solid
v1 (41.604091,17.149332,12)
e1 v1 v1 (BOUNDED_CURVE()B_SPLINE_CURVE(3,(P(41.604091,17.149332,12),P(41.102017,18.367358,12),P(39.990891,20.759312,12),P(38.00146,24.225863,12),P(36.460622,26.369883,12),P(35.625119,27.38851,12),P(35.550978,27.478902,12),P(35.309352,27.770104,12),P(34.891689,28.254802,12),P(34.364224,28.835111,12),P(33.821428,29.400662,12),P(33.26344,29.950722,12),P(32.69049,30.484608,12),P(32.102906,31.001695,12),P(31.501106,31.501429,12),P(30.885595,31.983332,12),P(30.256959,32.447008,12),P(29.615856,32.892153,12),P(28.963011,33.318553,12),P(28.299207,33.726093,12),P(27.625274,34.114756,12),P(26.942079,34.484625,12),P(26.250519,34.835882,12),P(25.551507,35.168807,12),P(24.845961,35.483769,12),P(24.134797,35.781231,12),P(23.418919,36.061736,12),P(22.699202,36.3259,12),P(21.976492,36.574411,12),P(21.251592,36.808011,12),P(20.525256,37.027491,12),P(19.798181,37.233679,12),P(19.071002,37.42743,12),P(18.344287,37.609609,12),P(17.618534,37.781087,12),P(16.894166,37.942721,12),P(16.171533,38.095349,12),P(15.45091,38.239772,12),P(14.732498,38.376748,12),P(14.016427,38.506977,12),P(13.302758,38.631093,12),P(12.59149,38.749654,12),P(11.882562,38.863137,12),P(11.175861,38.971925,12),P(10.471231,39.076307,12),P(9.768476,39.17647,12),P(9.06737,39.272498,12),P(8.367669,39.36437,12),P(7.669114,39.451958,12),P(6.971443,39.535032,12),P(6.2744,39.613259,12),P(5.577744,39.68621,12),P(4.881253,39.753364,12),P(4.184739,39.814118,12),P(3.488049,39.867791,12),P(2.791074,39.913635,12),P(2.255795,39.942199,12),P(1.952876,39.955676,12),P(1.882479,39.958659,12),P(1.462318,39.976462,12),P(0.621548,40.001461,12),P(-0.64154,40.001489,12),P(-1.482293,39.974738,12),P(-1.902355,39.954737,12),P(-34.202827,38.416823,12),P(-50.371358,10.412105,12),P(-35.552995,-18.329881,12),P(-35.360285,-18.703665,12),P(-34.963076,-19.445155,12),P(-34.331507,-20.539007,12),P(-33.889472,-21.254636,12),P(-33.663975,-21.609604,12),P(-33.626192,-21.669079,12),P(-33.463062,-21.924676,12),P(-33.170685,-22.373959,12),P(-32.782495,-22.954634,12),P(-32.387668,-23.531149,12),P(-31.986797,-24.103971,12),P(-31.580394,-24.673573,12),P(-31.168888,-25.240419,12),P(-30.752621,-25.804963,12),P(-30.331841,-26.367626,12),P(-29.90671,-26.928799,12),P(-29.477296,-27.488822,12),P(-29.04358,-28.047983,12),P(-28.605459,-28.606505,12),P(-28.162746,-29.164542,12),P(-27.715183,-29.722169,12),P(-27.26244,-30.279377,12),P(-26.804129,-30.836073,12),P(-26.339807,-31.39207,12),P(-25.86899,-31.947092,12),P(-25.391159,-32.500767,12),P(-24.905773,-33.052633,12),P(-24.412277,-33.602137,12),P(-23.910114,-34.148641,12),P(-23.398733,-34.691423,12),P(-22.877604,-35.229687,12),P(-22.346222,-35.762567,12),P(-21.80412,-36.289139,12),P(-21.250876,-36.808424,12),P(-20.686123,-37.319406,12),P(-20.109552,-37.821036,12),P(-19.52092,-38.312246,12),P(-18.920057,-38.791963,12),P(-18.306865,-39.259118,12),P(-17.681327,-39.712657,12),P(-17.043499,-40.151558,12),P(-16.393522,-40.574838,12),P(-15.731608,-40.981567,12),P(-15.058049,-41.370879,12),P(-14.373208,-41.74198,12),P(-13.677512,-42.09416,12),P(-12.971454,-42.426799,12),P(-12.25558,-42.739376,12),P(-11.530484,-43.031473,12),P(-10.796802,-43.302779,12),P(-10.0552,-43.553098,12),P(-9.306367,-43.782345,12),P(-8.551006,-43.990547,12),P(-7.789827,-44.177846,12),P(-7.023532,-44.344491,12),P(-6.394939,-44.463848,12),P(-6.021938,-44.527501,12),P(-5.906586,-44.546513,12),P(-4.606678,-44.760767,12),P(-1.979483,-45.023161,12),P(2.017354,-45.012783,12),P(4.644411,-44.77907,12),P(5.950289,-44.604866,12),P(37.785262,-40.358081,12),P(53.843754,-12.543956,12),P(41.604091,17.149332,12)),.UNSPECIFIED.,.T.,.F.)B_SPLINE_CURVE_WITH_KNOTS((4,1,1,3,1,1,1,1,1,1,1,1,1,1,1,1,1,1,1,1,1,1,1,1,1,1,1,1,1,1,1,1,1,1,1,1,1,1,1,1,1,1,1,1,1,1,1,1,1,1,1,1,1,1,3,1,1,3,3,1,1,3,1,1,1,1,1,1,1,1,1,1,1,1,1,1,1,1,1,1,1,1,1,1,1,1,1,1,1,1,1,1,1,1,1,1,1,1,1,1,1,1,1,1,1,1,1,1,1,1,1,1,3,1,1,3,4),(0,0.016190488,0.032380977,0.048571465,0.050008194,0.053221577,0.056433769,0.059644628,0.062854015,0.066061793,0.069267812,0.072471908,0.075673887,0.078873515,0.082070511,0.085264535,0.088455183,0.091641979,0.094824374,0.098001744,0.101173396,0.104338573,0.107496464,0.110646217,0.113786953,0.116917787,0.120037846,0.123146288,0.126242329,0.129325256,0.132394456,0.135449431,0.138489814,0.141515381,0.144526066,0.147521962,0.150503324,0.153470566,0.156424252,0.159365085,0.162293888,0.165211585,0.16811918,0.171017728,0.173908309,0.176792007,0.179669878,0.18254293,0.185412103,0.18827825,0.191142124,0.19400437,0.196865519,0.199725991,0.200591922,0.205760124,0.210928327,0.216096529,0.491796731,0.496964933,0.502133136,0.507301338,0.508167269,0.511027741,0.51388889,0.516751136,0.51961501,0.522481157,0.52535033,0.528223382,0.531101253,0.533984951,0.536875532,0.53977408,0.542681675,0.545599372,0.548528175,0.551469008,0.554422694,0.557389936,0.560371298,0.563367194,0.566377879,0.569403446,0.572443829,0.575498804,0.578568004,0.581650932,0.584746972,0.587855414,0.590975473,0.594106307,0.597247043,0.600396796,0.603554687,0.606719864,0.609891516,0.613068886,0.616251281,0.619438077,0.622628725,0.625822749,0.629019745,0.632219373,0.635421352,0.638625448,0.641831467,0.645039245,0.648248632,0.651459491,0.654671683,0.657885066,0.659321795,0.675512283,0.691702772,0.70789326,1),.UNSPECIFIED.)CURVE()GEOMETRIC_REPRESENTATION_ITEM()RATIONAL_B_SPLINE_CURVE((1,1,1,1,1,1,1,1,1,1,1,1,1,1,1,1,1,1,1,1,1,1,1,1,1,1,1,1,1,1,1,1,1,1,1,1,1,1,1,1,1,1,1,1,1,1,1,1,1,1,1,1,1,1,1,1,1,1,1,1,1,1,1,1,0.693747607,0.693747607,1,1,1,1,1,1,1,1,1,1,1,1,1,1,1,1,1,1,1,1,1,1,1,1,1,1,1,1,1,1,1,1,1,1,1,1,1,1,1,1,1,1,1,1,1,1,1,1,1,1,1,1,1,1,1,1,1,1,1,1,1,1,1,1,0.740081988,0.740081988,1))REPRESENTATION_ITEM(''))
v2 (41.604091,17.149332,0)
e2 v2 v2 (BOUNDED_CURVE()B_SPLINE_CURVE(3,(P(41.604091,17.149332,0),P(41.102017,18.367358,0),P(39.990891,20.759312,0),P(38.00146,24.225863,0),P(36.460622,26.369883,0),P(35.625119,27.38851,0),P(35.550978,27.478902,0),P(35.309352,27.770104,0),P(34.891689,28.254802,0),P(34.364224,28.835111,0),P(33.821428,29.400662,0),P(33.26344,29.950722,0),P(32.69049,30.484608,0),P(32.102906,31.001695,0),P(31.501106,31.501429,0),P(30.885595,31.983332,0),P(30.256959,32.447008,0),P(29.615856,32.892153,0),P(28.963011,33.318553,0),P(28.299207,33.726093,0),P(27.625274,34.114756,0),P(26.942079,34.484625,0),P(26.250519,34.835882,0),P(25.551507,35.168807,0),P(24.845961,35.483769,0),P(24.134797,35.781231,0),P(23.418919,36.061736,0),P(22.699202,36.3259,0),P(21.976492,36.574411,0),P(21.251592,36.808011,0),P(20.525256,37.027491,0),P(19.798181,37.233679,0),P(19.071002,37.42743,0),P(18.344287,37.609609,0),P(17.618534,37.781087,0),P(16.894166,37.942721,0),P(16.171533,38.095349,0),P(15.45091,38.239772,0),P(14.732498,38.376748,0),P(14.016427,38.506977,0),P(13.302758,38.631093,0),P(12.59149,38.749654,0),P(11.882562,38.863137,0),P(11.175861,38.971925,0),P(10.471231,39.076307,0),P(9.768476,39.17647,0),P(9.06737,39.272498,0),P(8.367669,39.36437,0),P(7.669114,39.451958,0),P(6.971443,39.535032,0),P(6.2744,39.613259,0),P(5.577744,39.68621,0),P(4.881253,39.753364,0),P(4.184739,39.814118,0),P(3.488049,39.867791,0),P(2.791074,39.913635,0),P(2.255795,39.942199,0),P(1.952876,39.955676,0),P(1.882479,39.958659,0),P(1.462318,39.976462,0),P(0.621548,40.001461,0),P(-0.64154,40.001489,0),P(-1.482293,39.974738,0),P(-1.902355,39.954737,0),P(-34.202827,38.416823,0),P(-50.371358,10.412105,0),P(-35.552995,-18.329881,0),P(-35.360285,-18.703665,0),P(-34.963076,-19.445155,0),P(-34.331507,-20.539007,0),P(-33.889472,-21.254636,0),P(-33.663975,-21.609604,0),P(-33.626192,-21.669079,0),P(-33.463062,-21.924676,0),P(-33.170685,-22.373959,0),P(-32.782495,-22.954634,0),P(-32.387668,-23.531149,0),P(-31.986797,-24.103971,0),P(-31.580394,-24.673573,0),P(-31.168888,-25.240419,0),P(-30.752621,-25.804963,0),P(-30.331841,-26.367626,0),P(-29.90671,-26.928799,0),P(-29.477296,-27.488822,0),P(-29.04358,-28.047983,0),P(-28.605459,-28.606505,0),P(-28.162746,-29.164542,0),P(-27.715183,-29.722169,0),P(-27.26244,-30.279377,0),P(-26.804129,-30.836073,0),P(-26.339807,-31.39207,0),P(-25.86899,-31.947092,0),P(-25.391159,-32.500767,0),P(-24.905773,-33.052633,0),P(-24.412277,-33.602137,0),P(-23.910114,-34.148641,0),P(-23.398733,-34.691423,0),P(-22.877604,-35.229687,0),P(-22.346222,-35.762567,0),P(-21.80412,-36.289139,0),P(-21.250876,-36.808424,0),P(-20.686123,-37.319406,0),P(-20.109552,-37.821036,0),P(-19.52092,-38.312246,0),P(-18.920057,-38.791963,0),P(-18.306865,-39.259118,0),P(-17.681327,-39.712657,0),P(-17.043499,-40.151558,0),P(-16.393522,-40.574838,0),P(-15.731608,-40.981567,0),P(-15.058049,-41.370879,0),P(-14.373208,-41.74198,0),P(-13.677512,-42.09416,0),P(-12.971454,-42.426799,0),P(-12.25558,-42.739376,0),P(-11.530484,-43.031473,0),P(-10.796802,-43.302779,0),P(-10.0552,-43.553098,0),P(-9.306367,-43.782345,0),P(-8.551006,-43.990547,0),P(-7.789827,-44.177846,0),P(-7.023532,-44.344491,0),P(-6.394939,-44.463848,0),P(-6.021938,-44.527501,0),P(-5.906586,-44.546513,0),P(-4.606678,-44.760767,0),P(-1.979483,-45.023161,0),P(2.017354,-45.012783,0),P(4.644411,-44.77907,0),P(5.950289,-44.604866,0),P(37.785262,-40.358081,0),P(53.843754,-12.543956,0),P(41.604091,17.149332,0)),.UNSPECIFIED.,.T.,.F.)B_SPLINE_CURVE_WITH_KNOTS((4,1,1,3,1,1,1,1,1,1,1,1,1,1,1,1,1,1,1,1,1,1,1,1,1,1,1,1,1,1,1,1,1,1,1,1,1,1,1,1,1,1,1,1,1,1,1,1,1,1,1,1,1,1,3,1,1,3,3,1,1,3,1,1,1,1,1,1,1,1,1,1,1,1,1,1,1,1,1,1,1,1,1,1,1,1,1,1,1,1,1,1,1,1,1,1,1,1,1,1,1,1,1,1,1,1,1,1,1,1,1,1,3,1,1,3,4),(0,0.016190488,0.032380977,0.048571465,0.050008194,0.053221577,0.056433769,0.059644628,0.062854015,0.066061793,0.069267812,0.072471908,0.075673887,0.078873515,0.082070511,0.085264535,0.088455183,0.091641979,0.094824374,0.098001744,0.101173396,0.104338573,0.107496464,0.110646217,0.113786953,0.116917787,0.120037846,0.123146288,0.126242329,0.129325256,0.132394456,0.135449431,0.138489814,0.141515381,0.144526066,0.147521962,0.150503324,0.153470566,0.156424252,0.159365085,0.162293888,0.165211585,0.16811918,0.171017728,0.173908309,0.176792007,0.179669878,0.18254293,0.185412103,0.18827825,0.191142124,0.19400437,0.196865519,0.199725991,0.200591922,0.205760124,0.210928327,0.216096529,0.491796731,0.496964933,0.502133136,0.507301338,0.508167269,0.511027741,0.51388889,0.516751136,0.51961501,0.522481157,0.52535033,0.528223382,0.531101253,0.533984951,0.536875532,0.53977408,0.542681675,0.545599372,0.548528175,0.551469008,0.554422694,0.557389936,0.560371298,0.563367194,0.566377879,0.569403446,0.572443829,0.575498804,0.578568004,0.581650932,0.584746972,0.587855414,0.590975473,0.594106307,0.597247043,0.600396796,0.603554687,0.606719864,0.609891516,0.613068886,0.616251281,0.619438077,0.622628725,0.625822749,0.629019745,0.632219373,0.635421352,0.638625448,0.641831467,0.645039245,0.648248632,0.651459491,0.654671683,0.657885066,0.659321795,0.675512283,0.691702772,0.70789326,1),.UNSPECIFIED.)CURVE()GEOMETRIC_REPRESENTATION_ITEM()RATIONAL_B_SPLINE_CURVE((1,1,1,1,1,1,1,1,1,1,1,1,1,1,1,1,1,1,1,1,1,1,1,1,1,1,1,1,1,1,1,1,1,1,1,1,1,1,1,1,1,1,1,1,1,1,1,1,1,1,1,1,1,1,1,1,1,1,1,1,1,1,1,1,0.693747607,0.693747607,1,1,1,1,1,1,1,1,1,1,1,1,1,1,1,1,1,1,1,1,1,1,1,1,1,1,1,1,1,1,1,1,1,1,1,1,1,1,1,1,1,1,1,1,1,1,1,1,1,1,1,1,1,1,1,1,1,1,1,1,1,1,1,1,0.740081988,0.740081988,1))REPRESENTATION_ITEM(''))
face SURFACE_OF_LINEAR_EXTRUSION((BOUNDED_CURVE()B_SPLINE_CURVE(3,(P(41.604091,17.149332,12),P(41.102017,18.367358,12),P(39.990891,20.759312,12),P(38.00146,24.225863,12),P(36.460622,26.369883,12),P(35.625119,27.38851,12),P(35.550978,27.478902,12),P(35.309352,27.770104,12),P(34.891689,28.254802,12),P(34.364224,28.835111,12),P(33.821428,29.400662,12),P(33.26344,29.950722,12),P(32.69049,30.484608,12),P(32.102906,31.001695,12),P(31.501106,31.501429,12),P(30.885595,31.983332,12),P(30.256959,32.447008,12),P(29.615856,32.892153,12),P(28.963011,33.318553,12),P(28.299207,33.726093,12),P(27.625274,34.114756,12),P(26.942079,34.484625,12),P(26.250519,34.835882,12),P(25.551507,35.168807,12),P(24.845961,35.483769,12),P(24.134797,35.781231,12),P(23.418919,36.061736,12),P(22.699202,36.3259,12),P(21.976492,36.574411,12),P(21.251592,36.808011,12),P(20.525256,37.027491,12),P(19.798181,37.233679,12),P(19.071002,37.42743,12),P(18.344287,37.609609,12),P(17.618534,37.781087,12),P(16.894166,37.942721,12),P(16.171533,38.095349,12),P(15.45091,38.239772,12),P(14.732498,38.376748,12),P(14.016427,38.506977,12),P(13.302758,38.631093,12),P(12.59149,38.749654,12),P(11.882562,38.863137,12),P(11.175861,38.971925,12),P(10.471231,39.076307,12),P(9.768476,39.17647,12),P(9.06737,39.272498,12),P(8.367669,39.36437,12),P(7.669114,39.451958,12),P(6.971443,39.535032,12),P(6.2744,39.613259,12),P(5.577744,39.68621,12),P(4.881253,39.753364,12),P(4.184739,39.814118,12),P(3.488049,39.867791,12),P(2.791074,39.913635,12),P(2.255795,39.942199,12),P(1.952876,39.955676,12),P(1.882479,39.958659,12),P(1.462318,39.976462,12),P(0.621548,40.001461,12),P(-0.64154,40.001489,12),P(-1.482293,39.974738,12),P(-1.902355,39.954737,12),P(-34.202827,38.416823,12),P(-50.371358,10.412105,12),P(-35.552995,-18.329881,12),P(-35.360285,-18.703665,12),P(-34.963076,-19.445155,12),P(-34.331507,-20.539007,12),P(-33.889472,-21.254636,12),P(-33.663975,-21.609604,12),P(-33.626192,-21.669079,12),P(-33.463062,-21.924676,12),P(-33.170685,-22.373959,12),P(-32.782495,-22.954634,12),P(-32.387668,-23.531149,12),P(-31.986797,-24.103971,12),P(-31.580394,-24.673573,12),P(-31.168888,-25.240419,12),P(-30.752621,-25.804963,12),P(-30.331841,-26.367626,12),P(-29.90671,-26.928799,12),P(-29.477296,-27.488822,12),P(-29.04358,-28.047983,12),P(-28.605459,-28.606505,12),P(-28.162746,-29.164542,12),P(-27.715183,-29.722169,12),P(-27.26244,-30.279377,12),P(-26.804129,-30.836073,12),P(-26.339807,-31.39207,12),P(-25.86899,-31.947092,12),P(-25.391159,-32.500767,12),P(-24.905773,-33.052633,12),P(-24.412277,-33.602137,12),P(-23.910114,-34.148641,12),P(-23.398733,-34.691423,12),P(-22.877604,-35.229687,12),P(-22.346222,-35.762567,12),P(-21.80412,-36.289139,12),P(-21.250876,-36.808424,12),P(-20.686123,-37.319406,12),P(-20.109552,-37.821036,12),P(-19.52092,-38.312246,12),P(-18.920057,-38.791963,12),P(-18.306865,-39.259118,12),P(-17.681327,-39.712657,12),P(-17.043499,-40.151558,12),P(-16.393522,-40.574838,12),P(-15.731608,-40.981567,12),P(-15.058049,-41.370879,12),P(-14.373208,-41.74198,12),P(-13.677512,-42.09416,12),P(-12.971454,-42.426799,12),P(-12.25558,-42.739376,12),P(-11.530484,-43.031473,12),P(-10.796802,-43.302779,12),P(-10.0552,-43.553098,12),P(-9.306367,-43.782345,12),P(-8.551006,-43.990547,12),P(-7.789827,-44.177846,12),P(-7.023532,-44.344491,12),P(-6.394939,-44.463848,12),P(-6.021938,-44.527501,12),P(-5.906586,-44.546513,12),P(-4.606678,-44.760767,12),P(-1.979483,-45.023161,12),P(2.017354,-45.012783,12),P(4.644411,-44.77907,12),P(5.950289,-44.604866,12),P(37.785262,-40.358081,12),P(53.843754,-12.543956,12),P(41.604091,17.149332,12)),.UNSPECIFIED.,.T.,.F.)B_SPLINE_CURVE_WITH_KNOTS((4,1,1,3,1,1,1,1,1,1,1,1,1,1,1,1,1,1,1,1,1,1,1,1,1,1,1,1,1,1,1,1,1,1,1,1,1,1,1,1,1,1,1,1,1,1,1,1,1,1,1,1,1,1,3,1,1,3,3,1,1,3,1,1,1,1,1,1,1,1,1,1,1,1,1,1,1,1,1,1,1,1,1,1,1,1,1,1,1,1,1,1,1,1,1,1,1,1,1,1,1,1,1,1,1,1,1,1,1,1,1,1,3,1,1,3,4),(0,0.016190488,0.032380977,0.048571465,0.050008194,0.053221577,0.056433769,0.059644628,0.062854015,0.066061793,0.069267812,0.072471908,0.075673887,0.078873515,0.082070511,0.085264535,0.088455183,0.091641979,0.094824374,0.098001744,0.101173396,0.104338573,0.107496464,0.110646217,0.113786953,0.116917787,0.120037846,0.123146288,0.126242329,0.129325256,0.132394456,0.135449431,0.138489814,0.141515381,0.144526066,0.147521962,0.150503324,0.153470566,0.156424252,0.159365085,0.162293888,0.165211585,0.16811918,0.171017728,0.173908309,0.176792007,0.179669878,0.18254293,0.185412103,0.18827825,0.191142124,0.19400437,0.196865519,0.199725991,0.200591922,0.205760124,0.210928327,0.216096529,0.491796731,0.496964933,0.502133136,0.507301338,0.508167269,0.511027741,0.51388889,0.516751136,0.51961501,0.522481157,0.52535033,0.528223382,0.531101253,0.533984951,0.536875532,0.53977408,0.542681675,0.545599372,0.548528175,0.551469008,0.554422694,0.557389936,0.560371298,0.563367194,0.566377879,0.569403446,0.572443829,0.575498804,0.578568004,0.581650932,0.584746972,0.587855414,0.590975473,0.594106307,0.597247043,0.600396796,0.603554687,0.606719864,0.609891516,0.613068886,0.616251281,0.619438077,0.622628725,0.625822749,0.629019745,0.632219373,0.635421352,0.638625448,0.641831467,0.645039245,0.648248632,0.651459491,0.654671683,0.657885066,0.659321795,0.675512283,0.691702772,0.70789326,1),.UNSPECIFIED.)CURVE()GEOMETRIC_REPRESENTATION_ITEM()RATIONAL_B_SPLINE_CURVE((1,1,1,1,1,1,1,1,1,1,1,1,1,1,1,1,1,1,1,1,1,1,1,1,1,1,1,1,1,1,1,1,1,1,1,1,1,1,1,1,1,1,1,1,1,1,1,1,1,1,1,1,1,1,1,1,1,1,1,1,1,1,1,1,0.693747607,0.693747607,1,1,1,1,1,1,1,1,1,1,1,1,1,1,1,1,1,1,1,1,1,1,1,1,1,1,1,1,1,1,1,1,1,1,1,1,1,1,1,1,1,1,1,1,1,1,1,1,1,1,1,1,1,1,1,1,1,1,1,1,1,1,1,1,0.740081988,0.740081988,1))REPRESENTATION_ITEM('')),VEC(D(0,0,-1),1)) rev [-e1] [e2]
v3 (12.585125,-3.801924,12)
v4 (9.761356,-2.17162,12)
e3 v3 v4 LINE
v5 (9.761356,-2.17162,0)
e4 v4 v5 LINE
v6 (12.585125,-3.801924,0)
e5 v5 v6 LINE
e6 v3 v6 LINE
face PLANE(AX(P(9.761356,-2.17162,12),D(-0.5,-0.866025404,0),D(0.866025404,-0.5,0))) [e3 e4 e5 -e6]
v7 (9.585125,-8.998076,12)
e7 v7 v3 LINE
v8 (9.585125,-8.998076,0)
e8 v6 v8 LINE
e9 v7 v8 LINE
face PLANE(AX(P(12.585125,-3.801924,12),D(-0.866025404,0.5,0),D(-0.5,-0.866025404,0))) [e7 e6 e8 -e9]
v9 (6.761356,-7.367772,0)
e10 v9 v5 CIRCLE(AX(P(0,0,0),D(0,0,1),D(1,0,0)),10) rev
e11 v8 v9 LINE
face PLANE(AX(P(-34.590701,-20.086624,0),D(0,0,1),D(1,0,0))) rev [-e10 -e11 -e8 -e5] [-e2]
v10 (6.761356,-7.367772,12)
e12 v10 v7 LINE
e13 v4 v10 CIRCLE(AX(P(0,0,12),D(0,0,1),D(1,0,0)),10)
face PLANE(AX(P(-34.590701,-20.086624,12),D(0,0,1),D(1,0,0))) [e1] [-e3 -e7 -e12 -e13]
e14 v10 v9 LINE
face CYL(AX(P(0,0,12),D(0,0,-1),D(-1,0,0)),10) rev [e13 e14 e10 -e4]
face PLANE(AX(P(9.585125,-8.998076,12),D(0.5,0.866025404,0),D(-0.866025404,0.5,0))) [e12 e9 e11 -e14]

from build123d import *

# Parameters (mm, degrees)
EXTRUDE_1_DEPTH          = 12
CUT_EXTRUDE_1_DEPTH      = 12
CUT_EXTRUDE_1_DEPTH_BACK = 12


with BuildPart() as part:
    # 草图1 → 凸台-拉伸1 (new body)
    with BuildSketch(Plane.XY):
        with BuildLine():
            add(Edge.make_bspline(
                [(41.604091405, 17.149331717), (53.843754098, -12.543956268), (37.785261841, -40.35808075), (5.950288778, -44.604865917), (4.644410509, -44.779070068), (2.017353663, -45.012783391), (-1.979482877, -45.023160927), (-4.606677676, -44.760766568), (-5.906585649, -44.546513449), (-6.021938277, -44.527500826), (-6.394939232, -44.463847801), (-7.02353199, -44.344490532), (-7.789826844, -44.177846129), (-8.551006285, -43.990547434), (-9.306366601, -43.782344994), (-10.055199679, -43.553098452), (-10.796802122, -43.302779375), (-11.530484409, -43.031472601), (-12.255579979, -42.73937609), (-12.971454051, -42.426799279), (-13.677512056, -42.09415998), (-14.37320753, -41.741979863), (-15.05804933, -41.370878602), (-15.731608057, -40.981566772), (-16.393521567, -40.574837604), (-17.043499489, -40.151557733), (-17.681326658, -39.712657057), (-18.306865404, -39.259117879), (-18.920056659, -38.791963465), (-19.520919847, -38.312246209), (-20.109551561, -37.821035543), (-20.686123026, -37.31940579), (-21.250876386, -36.808424103), (-21.804119858, -36.289138682), (-22.346221822, -35.762567407), (-22.877603916, -35.229687052), (-23.398733251, -34.691423221), (-23.910113836, -34.148641142), (-24.412277346, -33.602137436), (-24.905773374, -33.052632959), (-25.391159289, -32.500766815), (-25.868989871, -31.947091613), (-26.339806873, -31.392070001), (-26.804128666, -30.836072544), (-27.262440122, -30.279376925), (-27.715182905, -29.7221685), (-28.162746317, -29.164542162), (-28.605458836, -28.606505484), (-29.043580492, -28.047983083), (-29.477296206, -27.488822134), (-29.90671018, -26.928798938), (-30.331841461, -26.367626442), (-30.75262073, -25.804962595), (-31.168888381, -25.240419403), (-31.580393929, -24.673572552), (-31.986796771, -24.103971433), (-32.387668279, -23.531149436), (-32.782495247, -22.954634315), (-33.170684562, -22.373958572), (-33.463061519, -21.9246755), (-33.626192413, -21.6690786), (-33.663974535, -21.609603802), (-33.889472473, -21.254635796), (-34.331507354, -20.539007198), (-34.963075967, -19.445154915), (-35.360285142, -18.703665049), (-35.552995101, -18.329881051), (-50.371358096, 10.412105082), (-34.202826556, 38.416823194), (-1.902354912, 39.954737464), (-1.482293495, 39.974737743), (-0.641539846, 40.001489439), (0.621548325, 40.001461118), (1.462318311, 39.97646198), (1.882478591, 39.958659041), (1.952876338, 39.955676163), (2.255795194, 39.942199114), (2.791074225, 39.913634778), (3.488048828, 39.867790841), (4.184739053, 39.814118217), (4.881253208, 39.753364306), (5.577743667, 39.68620968), (6.274400215, 39.613258847), (6.971442786, 39.535032082), (7.669113606, 39.45195847), (8.367668884, 39.364370228), (9.067370185, 39.272498416), (9.768475628, 39.176470065), (10.471231044, 39.07630678), (11.175861244, 38.971924832), (11.882561524, 38.863136716), (12.591489567, 38.749654177), (13.302757843, 38.631092623), (14.016426662, 38.506976884), (14.732497978, 38.376748205), (15.45091006, 38.239772383), (16.171533117, 38.095348923), (16.894165968, 37.942721064), (17.618533816, 37.78108656), (18.344287177, 37.609609022), (19.071001996, 37.427429695), (19.798180969, 37.23367948), (20.525256051, 37.027491046), (21.251592153, 36.808010854), (21.976491955, 36.574410941), (22.699201797, 36.325900283), (23.41891857, 36.061735598), (24.134797494, 35.78123144), (24.845960711, 35.483769443), (25.551506534, 35.168806587), (26.250519254, 34.835882393), (26.942079336, 34.484624936), (27.625273883, 34.114755605), (28.299207181, 33.726092553), (28.963011201, 33.318552786), (29.615855866, 32.892152891), (30.256958951, 32.447008371), (30.885595446, 31.983331645), (31.50110623, 31.501428717), (32.102905932, 31.001694605), (32.690489833, 30.484607589), (33.263439702, 29.95072239), (33.821428462, 29.400662388), (34.36422361, 28.835111002), (34.891689323, 28.254802394), (35.30935213, 27.770103731), (35.550977744, 27.478901941), (35.625119472, 27.388509947), (36.460622103, 26.369883178), (38.001459683, 24.225862922), (39.990890744, 20.759312175), (41.102017491, 18.367357547), (41.604091405, 17.149331717)],
                knots=[0, 0, 0, 0, 0.29210674, 0.29210674, 0.29210674, 0.308297228, 0.324487717, 0.340678205, 0.340678205, 0.340678205, 0.342114934, 0.345328317, 0.348540509, 0.351751368, 0.354960755, 0.358168533, 0.361374552, 0.364578648, 0.367780627, 0.370980255, 0.374177251, 0.377371275, 0.380561923, 0.383748719, 0.386931114, 0.390108484, 0.393280136, 0.396445313, 0.399603204, 0.402752957, 0.405893693, 0.409024527, 0.412144586, 0.415253028, 0.418349068, 0.421431996, 0.424501196, 0.427556171, 0.430596554, 0.433622121, 0.436632806, 0.439628702, 0.442610064, 0.445577306, 0.448530992, 0.451471825, 0.454400628, 0.457318325, 0.46022592, 0.463124468, 0.466015049, 0.468898747, 0.471776618, 0.47464967, 0.477518843, 0.48038499, 0.483248864, 0.48611111, 0.488972259, 0.491832731, 0.492698662, 0.492698662, 0.492698662, 0.497866864, 0.503035067, 0.508203269, 0.508203269, 0.508203269, 0.783903471, 0.783903471, 0.783903471, 0.789071673, 0.794239876, 0.799408078, 0.799408078, 0.799408078, 0.800274009, 0.803134481, 0.80599563, 0.808857876, 0.81172175, 0.814587897, 0.81745707, 0.820330122, 0.823207993, 0.826091691, 0.828982272, 0.83188082, 0.834788415, 0.837706112, 0.840634915, 0.843575748, 0.846529434, 0.849496676, 0.852478038, 0.855473934, 0.858484619, 0.861510186, 0.864550569, 0.867605544, 0.870674744, 0.873757671, 0.876853712, 0.879962154, 0.883082213, 0.886213047, 0.889353783, 0.892503536, 0.895661427, 0.898826604, 0.901998256, 0.905175626, 0.908358021, 0.911544817, 0.914735465, 0.917929489, 0.921126485, 0.924326113, 0.927528092, 0.930732188, 0.933938207, 0.937145985, 0.940355372, 0.943566231, 0.946778423, 0.949991806, 0.951428535, 0.951428535, 0.951428535, 0.967619023, 0.983809512, 1, 1, 1, 1], degree=3, weights=[1, 0.740081988, 0.740081988, 1, 1, 1, 1, 1, 1, 1, 1, 1, 1, 1, 1, 1, 1, 1, 1, 1, 1, 1, 1, 1, 1, 1, 1, 1, 1, 1, 1, 1, 1, 1, 1, 1, 1, 1, 1, 1, 1, 1, 1, 1, 1, 1, 1, 1, 1, 1, 1, 1, 1, 1, 1, 1, 1, 1, 1, 1, 1, 1, 1, 1, 1, 1, 1, 0.693747607, 0.693747607, 1, 1, 1, 1, 1, 1, 1, 1, 1, 1, 1, 1, 1, 1, 1, 1, 1, 1, 1, 1, 1, 1, 1, 1, 1, 1, 1, 1, 1, 1, 1, 1, 1, 1, 1, 1, 1, 1, 1, 1, 1, 1, 1, 1, 1, 1, 1, 1, 1, 1, 1, 1, 1, 1, 1, 1, 1, 1, 1, 1, 1, 1, 1, 1]))
        make_face()
    extrude(amount=EXTRUDE_1_DEPTH)

    # 草图2 → 切除-拉伸1 (cut, two sides: drawn at the far end of the back side and taken through both)
    with BuildSketch(Plane.XY.offset(-CUT_EXTRUDE_1_DEPTH_BACK)):
        with BuildLine():
            Line((9.761355821, -2.171619796), (12.585125127, -3.801923765))
            Line((12.585125127, -3.801923765), (9.585125127, -8.998076188))
            Line((9.585125127, -8.998076188), (6.761355821, -7.367772218))
            ThreePointArc((6.761355821, -7.367772218), (-8.660254038, 5), (9.761355821, -2.171619796))
        make_face()
    extrude(amount=CUT_EXTRUDE_1_DEPTH + CUT_EXTRUDE_1_DEPTH_BACK, mode=Mode.SUBTRACT)


solid = part.part
